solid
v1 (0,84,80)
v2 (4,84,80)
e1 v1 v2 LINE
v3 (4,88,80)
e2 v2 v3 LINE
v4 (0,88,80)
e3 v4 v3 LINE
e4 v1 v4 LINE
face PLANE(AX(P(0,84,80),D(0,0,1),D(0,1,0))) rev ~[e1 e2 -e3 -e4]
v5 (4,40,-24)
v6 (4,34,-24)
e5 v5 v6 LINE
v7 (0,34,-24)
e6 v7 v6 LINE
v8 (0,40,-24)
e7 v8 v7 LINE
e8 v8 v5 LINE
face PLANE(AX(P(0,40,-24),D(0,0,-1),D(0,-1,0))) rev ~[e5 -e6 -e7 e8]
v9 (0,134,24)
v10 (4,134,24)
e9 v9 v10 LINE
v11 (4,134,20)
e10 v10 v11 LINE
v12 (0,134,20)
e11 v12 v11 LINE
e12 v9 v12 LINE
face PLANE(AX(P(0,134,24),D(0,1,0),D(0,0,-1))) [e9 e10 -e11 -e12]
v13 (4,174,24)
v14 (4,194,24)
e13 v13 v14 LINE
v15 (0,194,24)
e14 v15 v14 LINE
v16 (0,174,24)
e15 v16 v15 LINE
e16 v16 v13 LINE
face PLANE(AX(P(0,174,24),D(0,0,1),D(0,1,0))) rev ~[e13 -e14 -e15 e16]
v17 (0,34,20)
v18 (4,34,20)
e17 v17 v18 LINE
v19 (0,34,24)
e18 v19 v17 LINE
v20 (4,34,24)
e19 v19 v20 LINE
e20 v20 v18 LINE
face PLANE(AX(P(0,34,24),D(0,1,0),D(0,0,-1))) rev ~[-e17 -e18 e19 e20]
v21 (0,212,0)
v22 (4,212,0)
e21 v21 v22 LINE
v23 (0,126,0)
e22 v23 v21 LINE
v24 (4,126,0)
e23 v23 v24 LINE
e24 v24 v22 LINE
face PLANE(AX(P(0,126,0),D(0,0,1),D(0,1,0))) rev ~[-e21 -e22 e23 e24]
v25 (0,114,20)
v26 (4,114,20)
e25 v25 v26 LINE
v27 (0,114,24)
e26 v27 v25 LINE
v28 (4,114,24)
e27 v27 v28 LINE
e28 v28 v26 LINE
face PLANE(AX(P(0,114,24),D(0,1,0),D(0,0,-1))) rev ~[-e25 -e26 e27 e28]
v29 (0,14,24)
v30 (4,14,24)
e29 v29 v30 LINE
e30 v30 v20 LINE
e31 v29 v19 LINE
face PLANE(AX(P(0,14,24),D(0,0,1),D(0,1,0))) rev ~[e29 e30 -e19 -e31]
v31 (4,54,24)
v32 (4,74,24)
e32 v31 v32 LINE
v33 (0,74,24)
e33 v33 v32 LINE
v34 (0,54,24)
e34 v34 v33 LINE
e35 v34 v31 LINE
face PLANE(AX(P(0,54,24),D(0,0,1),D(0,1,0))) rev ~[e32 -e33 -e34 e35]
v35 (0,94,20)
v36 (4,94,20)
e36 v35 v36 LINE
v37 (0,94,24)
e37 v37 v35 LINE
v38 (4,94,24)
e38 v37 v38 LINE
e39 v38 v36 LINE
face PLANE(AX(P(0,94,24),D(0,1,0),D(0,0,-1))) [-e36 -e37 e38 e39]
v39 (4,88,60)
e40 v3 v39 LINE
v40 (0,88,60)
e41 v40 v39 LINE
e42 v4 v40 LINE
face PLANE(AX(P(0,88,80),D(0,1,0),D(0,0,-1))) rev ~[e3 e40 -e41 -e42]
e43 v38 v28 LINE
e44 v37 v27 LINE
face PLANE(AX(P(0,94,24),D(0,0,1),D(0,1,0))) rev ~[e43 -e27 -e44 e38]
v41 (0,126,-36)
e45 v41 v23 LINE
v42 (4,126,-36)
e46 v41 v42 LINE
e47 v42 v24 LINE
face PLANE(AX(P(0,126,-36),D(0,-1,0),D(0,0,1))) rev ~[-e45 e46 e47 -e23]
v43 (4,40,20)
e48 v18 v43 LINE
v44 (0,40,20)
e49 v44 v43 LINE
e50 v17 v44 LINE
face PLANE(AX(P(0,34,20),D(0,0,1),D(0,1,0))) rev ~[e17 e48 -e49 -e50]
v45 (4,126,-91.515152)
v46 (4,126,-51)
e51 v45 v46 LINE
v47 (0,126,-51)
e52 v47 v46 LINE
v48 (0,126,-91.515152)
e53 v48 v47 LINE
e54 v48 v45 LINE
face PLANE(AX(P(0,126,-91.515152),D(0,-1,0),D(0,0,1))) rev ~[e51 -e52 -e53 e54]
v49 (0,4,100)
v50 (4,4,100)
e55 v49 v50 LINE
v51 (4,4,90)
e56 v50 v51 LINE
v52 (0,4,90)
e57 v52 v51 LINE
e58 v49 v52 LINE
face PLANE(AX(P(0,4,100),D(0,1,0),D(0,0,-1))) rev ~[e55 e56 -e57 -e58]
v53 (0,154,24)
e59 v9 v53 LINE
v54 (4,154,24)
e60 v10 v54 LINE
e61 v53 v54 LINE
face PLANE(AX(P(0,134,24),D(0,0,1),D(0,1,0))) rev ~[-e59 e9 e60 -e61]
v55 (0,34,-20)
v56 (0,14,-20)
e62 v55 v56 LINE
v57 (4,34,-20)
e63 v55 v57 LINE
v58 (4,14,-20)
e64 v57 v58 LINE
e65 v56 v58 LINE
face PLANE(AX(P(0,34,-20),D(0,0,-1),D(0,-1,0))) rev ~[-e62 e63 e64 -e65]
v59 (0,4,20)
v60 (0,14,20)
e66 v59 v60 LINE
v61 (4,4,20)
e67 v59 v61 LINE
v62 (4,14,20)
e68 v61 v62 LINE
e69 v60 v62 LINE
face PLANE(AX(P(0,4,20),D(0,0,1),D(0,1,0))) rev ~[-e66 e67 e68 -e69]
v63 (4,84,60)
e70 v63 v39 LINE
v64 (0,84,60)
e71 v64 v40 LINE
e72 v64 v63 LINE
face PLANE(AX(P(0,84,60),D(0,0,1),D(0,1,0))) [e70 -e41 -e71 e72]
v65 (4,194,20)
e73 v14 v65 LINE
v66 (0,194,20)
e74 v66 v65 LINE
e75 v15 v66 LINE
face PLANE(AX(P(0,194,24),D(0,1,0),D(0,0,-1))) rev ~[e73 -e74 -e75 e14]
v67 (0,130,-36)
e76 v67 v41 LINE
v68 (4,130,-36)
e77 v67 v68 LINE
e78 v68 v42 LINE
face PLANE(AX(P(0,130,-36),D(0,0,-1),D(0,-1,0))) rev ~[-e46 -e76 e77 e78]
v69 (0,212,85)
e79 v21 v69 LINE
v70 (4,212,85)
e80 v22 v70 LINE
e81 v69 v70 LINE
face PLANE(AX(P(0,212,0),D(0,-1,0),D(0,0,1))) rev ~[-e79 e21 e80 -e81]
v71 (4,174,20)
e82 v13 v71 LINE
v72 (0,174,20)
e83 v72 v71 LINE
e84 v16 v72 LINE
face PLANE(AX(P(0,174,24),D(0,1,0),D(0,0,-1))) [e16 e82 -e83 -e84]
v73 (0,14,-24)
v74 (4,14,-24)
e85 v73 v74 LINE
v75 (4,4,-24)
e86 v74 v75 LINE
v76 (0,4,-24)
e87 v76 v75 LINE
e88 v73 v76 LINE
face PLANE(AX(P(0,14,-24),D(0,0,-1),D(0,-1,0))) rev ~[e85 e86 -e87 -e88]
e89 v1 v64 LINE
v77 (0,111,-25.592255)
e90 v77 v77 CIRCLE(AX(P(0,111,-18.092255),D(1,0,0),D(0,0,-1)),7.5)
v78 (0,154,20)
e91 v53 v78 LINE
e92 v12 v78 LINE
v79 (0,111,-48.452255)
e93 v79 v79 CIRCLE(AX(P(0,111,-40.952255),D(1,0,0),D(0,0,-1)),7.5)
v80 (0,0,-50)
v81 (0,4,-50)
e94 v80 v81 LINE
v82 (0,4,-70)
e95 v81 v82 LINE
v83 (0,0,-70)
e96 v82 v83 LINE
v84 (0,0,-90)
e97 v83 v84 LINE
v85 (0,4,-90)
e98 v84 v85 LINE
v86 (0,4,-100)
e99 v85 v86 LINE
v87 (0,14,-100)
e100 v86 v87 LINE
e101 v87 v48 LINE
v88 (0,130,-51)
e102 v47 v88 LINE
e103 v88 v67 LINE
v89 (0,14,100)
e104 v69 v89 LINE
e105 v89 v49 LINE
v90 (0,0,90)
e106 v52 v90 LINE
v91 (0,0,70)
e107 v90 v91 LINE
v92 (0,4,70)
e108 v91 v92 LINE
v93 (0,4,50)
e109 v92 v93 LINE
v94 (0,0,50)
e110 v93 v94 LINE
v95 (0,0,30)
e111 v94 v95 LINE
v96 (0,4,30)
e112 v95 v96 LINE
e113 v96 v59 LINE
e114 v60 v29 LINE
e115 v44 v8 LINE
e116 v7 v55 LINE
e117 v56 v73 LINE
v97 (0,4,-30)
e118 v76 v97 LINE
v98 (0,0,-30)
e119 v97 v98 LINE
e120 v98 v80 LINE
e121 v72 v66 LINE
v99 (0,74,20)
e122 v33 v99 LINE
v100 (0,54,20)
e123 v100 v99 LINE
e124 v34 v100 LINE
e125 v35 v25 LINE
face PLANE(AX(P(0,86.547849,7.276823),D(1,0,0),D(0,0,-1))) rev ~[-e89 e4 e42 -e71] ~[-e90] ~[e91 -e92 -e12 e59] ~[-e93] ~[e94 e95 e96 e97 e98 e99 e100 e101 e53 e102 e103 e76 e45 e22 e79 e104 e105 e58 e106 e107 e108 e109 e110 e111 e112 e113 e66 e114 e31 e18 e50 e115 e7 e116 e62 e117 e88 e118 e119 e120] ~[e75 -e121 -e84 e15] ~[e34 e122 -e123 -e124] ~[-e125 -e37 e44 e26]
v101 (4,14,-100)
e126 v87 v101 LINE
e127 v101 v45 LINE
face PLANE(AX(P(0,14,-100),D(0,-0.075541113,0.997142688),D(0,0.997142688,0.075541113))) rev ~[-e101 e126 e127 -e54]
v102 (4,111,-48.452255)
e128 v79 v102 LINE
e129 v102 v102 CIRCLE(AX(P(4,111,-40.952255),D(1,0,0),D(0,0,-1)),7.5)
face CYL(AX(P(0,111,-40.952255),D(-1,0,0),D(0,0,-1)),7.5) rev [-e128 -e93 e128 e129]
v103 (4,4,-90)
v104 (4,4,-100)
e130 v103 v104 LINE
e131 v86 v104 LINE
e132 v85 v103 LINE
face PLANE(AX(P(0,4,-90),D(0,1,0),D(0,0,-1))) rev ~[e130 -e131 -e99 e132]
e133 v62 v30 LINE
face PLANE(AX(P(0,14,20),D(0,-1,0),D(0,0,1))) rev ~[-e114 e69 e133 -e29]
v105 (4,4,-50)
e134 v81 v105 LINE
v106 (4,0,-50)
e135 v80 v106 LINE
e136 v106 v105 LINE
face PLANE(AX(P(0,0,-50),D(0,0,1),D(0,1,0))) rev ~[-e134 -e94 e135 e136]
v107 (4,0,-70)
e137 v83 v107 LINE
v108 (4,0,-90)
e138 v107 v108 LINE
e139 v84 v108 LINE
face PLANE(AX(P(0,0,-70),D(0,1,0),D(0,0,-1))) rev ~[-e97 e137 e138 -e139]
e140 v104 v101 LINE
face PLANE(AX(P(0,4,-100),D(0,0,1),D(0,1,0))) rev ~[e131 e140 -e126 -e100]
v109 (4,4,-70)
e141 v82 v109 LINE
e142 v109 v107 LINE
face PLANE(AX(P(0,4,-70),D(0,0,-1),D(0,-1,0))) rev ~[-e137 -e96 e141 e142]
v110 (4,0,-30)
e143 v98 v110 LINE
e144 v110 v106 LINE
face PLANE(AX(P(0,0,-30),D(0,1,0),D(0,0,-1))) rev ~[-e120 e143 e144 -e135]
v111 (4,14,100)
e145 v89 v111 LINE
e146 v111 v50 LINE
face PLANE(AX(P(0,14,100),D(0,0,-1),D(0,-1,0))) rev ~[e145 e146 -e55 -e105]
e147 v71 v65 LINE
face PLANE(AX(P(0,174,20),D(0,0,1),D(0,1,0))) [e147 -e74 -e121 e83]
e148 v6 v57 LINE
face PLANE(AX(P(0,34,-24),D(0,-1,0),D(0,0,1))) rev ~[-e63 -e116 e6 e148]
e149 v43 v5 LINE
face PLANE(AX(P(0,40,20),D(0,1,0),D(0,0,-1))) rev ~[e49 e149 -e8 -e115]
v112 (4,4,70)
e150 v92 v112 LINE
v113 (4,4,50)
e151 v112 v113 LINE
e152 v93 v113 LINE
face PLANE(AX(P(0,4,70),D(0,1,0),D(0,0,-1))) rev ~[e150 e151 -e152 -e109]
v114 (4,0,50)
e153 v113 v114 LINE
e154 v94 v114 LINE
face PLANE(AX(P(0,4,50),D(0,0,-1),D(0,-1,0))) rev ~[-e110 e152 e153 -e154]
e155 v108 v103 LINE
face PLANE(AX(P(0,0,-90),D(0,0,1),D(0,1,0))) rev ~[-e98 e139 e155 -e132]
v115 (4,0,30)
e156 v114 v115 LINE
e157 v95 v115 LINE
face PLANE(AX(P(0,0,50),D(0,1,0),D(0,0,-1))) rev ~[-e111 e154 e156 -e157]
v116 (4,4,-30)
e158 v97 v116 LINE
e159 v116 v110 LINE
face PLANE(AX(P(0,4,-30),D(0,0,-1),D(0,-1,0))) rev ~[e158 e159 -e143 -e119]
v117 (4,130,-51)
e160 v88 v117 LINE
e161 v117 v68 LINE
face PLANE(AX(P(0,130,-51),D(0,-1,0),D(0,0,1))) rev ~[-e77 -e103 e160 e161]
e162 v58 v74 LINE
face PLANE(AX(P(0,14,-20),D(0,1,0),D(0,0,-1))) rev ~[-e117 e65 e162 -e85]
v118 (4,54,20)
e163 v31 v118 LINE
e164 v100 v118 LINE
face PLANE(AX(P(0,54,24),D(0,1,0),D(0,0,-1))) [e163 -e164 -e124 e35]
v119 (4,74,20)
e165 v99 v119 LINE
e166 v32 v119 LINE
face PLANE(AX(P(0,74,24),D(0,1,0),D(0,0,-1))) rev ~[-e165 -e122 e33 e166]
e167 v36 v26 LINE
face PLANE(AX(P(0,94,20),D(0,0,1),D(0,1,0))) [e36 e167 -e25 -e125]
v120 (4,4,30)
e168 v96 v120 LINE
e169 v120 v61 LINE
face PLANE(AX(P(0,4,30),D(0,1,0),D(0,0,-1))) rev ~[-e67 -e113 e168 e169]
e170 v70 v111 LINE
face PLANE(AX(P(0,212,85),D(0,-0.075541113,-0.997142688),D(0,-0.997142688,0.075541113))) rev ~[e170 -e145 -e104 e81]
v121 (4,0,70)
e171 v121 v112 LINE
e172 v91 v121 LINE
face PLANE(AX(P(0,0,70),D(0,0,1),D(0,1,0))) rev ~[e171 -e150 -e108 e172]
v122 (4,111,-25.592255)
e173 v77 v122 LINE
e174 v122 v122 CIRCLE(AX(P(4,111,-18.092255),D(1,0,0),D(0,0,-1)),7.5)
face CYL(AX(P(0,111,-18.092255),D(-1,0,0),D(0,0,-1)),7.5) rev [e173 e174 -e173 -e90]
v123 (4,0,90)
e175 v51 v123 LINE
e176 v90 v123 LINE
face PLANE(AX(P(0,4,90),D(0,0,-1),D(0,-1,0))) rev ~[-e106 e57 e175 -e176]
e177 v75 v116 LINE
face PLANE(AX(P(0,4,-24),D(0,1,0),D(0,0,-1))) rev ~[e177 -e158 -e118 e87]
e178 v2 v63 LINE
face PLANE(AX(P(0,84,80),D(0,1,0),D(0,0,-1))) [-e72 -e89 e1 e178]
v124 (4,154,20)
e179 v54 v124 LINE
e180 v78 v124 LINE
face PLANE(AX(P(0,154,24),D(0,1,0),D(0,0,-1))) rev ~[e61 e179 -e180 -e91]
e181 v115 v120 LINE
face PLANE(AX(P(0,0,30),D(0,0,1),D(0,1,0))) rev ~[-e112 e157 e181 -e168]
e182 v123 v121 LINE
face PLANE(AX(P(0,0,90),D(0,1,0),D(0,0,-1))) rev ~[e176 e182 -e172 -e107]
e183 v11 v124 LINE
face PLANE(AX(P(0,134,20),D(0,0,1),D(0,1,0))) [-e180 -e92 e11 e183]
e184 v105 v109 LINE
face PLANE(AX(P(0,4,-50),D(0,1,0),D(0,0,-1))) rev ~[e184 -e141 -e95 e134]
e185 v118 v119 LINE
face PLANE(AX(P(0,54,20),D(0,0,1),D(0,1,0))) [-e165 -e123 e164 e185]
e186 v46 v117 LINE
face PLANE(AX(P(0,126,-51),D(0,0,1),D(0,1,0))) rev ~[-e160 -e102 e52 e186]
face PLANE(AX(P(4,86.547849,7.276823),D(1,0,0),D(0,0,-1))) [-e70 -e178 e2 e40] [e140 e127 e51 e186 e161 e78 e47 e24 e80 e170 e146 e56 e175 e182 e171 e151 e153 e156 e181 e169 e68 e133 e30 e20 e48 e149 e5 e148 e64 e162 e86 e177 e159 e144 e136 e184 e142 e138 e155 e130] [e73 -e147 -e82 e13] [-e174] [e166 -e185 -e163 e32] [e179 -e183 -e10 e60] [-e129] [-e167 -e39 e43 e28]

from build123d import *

# Parameters (mm, degrees)
SKICA1_W                = 20
SKICA1_H                = 4
SKICA1_W_2              = 4
SKICA1_H_2              = 20
SKICA1_R                = 7.5
P_IDAT_VYSUNUT_M1_DEPTH = 4


with BuildPart() as part:
    # Skica1 → Přidat vysunutím1 (new body)
    with BuildSketch(Plane(origin=(0, 0, 0), x_dir=(0, 0, -1), z_dir=(1, 0, 0))):
        Polygon((-20, 40), (24, 40), (24, 34), (20, 34), (20, 14), (24, 14), (24, 4), (30, 4), (30, 0), (50, 0), (50, 4), (70, 4), (70, 0), (90, 0), (90, 4), (100, 4), (100, 14), (91.515151515, 126), (51, 126), (51, 130), (36, 130), (36, 126), (0, 126), (0, 212), (-85, 212), (-100, 14), (-100, 4), (-90, 4), (-90, 0), (-70, 0), (-70, 4), (-50, 4), (-50, 0), (-30, 0), (-30, 4), (-20, 4), (-20, 14), (-24, 14), (-24, 34), (-20, 34), align=None)
        with Locations((-70, 86)):
            Rectangle(SKICA1_W, SKICA1_H, mode=Mode.SUBTRACT)
        with Locations((-22, 64)):
            Rectangle(SKICA1_W_2, SKICA1_H_2, mode=Mode.SUBTRACT)
        with Locations((-22, 104)):
            Rectangle(SKICA1_W_2, SKICA1_H_2, mode=Mode.SUBTRACT)
        with Locations((-22, 144)):
            Rectangle(SKICA1_W_2, SKICA1_H_2, mode=Mode.SUBTRACT)
        with Locations((-22, 184)):
            Rectangle(SKICA1_W_2, SKICA1_H_2, mode=Mode.SUBTRACT)
        with Locations((40.95225545, 111)):
            Circle(SKICA1_R, mode=Mode.SUBTRACT)
        with Locations((18.09225545, 111)):
            Circle(SKICA1_R, mode=Mode.SUBTRACT)
    extrude(amount=P_IDAT_VYSUNUT_M1_DEPTH)


solid = part.part
